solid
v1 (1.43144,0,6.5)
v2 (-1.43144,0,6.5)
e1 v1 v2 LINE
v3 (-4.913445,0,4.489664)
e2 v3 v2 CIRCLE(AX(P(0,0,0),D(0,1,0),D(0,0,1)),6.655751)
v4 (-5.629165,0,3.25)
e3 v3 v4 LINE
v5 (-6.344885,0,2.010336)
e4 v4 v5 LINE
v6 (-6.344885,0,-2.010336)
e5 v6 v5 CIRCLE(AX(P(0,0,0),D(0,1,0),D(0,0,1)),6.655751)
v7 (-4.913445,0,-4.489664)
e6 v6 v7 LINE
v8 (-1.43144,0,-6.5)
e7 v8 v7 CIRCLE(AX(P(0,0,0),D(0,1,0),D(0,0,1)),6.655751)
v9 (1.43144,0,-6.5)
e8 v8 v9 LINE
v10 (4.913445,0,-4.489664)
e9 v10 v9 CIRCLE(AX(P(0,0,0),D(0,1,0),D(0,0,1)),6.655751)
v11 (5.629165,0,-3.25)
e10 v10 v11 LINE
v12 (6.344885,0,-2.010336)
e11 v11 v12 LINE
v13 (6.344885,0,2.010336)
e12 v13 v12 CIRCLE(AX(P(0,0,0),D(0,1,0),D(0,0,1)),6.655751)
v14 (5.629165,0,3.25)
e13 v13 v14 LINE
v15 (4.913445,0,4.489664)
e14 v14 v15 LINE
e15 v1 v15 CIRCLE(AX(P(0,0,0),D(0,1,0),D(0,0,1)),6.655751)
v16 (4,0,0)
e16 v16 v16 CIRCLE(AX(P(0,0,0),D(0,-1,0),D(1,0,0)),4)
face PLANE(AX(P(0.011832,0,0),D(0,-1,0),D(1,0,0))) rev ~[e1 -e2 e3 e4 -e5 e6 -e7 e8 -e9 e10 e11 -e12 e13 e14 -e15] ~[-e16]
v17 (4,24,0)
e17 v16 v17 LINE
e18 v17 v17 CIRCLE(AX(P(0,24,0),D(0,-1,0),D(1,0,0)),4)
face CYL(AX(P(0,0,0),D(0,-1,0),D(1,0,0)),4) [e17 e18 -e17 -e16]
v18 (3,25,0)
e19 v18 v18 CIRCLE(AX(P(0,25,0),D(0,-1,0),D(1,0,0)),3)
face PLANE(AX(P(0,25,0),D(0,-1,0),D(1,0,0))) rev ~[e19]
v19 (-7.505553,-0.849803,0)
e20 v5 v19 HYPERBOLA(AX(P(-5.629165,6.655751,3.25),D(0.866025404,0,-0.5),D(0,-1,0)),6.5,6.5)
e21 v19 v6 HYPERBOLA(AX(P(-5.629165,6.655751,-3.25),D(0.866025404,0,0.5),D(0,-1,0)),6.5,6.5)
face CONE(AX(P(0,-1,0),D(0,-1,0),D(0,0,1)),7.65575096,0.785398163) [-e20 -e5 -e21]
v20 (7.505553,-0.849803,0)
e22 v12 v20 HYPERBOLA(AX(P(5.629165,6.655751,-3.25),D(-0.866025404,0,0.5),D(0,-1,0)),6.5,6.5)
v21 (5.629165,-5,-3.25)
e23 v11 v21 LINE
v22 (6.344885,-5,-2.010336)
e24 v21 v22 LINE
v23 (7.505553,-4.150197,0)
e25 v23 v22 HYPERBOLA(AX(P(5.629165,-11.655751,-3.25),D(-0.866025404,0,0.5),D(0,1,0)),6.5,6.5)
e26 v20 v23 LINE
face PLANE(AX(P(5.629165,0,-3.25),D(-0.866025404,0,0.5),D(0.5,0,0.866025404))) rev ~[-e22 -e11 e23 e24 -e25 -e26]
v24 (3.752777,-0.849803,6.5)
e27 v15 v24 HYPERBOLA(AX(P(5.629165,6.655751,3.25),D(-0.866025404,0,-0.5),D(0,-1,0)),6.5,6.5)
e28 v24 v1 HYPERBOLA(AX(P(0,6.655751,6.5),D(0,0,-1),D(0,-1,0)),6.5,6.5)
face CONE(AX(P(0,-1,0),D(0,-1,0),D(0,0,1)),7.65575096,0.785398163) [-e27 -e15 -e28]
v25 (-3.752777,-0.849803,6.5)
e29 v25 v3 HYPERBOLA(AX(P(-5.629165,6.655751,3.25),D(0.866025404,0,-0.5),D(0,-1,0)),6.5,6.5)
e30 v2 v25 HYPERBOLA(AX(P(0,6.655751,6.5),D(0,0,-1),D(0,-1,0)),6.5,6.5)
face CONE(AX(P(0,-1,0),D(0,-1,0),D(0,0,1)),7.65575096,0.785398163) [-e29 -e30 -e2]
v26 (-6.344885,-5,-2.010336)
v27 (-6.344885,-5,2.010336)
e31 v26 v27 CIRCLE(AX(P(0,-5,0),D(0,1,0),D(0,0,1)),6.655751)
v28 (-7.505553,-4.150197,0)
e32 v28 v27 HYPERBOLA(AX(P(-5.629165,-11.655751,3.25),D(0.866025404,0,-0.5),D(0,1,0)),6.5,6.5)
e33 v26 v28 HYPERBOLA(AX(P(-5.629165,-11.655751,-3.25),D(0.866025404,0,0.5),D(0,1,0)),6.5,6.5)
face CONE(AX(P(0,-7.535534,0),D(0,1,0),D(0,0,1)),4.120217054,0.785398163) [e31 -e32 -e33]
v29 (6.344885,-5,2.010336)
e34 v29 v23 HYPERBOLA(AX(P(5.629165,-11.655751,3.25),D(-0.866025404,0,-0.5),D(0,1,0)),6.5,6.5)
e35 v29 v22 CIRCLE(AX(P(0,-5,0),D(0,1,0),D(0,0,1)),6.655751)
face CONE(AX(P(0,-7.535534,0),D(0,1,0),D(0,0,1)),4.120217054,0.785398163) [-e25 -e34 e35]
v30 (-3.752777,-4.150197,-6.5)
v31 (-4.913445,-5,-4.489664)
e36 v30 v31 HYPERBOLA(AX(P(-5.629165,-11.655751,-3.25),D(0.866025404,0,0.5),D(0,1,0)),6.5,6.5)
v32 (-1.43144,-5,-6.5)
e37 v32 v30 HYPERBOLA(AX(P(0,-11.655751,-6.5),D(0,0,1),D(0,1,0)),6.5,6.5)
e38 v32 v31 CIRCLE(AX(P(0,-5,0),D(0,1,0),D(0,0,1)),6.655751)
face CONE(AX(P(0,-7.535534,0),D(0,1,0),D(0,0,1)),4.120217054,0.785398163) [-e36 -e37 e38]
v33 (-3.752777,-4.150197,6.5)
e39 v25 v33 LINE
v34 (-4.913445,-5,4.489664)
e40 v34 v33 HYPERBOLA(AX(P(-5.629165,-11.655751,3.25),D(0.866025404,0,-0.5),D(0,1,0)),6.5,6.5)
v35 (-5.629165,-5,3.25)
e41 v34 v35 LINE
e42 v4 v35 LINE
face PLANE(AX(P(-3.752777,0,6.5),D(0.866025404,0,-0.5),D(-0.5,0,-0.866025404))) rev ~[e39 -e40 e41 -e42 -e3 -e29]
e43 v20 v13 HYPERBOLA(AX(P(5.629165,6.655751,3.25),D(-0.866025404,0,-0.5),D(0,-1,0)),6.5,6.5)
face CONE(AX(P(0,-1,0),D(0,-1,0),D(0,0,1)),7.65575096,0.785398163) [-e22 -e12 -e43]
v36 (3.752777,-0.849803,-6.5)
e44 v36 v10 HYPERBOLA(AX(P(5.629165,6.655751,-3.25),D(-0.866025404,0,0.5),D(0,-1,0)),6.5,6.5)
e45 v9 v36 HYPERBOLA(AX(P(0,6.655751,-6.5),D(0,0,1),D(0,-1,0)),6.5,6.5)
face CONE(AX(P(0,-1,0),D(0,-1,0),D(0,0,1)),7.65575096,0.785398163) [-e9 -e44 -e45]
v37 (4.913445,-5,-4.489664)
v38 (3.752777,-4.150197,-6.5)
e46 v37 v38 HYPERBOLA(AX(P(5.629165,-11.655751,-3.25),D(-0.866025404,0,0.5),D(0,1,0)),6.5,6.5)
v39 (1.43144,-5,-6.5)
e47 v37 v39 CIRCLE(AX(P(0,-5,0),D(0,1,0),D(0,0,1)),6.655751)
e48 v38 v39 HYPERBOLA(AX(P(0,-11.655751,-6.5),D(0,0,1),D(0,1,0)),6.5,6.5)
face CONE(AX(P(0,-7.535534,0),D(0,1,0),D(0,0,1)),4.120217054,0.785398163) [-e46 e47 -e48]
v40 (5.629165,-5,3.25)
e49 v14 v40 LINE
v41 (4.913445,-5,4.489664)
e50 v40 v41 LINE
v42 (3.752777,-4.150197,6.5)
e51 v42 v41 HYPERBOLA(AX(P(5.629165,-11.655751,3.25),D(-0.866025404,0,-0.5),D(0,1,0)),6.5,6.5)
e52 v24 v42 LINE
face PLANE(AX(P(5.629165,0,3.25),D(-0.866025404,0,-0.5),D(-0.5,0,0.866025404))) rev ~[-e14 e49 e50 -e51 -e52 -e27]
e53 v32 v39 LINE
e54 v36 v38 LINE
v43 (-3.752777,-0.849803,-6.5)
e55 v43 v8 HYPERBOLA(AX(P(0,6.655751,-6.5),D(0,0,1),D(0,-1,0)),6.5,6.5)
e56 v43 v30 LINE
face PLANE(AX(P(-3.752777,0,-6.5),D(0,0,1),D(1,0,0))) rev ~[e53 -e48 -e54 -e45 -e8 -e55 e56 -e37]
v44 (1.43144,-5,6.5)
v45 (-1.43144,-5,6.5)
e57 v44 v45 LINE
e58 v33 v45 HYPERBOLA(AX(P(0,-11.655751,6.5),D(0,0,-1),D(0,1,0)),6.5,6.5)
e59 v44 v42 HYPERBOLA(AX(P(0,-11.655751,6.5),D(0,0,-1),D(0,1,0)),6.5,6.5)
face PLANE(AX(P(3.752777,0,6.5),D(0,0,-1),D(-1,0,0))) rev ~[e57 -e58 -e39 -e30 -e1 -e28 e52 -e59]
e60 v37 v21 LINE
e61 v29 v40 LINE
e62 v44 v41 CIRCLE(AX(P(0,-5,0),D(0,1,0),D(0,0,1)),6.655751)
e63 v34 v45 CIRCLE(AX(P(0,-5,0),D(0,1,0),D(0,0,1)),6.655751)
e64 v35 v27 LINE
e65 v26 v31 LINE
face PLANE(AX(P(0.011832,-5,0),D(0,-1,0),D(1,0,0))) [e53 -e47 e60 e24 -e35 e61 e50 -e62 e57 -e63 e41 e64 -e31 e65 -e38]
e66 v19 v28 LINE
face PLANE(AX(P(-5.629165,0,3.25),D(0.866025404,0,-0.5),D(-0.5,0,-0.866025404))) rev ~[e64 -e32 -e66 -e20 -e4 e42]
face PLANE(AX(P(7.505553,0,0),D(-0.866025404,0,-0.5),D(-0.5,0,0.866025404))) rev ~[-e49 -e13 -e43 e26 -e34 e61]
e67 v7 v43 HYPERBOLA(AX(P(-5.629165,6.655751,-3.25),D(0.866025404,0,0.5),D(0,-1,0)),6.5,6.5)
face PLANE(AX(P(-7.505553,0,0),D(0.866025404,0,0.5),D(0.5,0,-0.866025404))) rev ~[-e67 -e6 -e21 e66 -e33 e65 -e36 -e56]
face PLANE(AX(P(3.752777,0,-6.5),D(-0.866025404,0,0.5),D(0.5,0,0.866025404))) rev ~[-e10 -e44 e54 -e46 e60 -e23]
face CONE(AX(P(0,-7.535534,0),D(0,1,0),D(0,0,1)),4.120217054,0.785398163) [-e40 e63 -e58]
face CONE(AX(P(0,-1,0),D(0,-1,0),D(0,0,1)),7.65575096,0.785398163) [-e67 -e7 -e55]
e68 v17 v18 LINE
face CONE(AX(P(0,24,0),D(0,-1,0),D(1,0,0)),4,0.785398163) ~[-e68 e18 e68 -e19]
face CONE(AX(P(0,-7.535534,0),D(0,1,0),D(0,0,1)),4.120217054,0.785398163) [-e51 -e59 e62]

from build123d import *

# Parameters (mm, degrees)
F0_R     = 4
F1_DEPTH = 5
F2_DEPTH = 25
F3_SIZE  = 1


with BuildPart() as f1:
    # F0 (on Front) → F1 (new body)
    with BuildSketch(Plane.XZ):
        with BuildLine():
            ThreePointArc((5.6291651023, -3.2500000386), (6.2785178651, -1.6823238147), (6.5, 0))
            ThreePointArc((6.5, 0), (6.2785178797, 1.6823237603), (5.6291651586, 3.2499999411))
            ThreePointArc((5.6291651586, 3.2499999411), (3.2500000295, 5.6291651076), (0, 6.5))
            ThreePointArc((0, 6.5), (-3.2499999993, 5.629165125), (-5.6291651238, 3.2500000014))
            ThreePointArc((-5.6291651238, 3.2500000014), (-6.5, -6.45e-08), (-5.6291650593, -3.2500001131))
            ThreePointArc((-5.6291650593, -3.2500001131), (-3.2499999434, -5.6291651573), (0, -6.5))
            ThreePointArc((0, -6.5), (3.2499999807, -5.6291651357), (5.6291651023, -3.2500000386))
        make_face()
        Circle(F0_R, mode=Mode.SUBTRACT)
        Circle(F0_R)
        with BuildLine():
            ThreePointArc((5.6291651586, 3.2499999411), (6.2785178797, 1.6823237603), (6.5, 0))
            ThreePointArc((6.5, 0), (6.2785178651, -1.6823238147), (5.6291651023, -3.2500000386))
            Line((5.6291651023, -3.2500000386), (7.5055534995, 0))
            Line((7.5055534995, 0), (5.6291651586, 3.2499999411))
        make_face()
        with BuildLine():
            Line((3.7527767497, -6.5), (5.6291651023, -3.2500000386))
            ThreePointArc((5.6291651023, -3.2500000386), (3.2499999807, -5.6291651357), (0, -6.5))
            Line((0, -6.5), (3.7527767497, -6.5))
        make_face()
        with BuildLine():
            ThreePointArc((0, 6.5), (3.2500000295, 5.6291651076), (5.6291651586, 3.2499999411))
            Line((5.6291651586, 3.2499999411), (3.7527767497, 6.5))
            Line((3.7527767497, 6.5), (0, 6.5))
        make_face()
        with BuildLine():
            ThreePointArc((-5.6291651238, 3.2500000014), (-3.2499999993, 5.629165125), (0, 6.5))
            Line((0, 6.5), (-3.7527767497, 6.5))
            Line((-3.7527767497, 6.5), (-5.6291651238, 3.2500000014))
        make_face()
        with BuildLine():
            ThreePointArc((-5.6291650593, -3.2500001131), (-6.5, -6.45e-08), (-5.6291651238, 3.2500000014))
            Line((-5.6291651238, 3.2500000014), (-7.5055534995, 0))
            Line((-7.5055534995, 0), (-5.6291650593, -3.2500001131))
        make_face()
        with BuildLine():
            Line((-3.7527767497, -6.5), (0, -6.5))
            ThreePointArc((0, -6.5), (-3.2499999434, -5.6291651573), (-5.6291650593, -3.2500001131))
            Line((-5.6291650593, -3.2500001131), (-3.7527767497, -6.5))
        make_face()
    extrude(amount=F1_DEPTH)

    # F0 (on Front) → F2 (join)
    with BuildSketch(Plane.XZ):
        Circle(F0_R)
    extrude(amount=-F2_DEPTH)

    # F3
    f3_edges = [f1.edges().sort_by_distance(p)[0] for p in [
        (-4, 25, 0),
    ]]
    chamfer(f3_edges, length=F3_SIZE)

    # F4 (on Right) → F5 (revolve, cut)
    with BuildSketch(Plane.YZ):
        Polygon((-7.5355339059, 9.5203164965), (-7.5355339059, 4.1202170542), (-4, 7.6557509601), (-2.5, 7.6557509601), (-1, 7.6557509601), (2.5355339059, 4.1202170542), (2.5379077522, 9.5203164965), align=None)
    revolve(axis=Axis((0, 10, 0), (0, 1, 0)), mode=Mode.SUBTRACT)


solid = f1.part
